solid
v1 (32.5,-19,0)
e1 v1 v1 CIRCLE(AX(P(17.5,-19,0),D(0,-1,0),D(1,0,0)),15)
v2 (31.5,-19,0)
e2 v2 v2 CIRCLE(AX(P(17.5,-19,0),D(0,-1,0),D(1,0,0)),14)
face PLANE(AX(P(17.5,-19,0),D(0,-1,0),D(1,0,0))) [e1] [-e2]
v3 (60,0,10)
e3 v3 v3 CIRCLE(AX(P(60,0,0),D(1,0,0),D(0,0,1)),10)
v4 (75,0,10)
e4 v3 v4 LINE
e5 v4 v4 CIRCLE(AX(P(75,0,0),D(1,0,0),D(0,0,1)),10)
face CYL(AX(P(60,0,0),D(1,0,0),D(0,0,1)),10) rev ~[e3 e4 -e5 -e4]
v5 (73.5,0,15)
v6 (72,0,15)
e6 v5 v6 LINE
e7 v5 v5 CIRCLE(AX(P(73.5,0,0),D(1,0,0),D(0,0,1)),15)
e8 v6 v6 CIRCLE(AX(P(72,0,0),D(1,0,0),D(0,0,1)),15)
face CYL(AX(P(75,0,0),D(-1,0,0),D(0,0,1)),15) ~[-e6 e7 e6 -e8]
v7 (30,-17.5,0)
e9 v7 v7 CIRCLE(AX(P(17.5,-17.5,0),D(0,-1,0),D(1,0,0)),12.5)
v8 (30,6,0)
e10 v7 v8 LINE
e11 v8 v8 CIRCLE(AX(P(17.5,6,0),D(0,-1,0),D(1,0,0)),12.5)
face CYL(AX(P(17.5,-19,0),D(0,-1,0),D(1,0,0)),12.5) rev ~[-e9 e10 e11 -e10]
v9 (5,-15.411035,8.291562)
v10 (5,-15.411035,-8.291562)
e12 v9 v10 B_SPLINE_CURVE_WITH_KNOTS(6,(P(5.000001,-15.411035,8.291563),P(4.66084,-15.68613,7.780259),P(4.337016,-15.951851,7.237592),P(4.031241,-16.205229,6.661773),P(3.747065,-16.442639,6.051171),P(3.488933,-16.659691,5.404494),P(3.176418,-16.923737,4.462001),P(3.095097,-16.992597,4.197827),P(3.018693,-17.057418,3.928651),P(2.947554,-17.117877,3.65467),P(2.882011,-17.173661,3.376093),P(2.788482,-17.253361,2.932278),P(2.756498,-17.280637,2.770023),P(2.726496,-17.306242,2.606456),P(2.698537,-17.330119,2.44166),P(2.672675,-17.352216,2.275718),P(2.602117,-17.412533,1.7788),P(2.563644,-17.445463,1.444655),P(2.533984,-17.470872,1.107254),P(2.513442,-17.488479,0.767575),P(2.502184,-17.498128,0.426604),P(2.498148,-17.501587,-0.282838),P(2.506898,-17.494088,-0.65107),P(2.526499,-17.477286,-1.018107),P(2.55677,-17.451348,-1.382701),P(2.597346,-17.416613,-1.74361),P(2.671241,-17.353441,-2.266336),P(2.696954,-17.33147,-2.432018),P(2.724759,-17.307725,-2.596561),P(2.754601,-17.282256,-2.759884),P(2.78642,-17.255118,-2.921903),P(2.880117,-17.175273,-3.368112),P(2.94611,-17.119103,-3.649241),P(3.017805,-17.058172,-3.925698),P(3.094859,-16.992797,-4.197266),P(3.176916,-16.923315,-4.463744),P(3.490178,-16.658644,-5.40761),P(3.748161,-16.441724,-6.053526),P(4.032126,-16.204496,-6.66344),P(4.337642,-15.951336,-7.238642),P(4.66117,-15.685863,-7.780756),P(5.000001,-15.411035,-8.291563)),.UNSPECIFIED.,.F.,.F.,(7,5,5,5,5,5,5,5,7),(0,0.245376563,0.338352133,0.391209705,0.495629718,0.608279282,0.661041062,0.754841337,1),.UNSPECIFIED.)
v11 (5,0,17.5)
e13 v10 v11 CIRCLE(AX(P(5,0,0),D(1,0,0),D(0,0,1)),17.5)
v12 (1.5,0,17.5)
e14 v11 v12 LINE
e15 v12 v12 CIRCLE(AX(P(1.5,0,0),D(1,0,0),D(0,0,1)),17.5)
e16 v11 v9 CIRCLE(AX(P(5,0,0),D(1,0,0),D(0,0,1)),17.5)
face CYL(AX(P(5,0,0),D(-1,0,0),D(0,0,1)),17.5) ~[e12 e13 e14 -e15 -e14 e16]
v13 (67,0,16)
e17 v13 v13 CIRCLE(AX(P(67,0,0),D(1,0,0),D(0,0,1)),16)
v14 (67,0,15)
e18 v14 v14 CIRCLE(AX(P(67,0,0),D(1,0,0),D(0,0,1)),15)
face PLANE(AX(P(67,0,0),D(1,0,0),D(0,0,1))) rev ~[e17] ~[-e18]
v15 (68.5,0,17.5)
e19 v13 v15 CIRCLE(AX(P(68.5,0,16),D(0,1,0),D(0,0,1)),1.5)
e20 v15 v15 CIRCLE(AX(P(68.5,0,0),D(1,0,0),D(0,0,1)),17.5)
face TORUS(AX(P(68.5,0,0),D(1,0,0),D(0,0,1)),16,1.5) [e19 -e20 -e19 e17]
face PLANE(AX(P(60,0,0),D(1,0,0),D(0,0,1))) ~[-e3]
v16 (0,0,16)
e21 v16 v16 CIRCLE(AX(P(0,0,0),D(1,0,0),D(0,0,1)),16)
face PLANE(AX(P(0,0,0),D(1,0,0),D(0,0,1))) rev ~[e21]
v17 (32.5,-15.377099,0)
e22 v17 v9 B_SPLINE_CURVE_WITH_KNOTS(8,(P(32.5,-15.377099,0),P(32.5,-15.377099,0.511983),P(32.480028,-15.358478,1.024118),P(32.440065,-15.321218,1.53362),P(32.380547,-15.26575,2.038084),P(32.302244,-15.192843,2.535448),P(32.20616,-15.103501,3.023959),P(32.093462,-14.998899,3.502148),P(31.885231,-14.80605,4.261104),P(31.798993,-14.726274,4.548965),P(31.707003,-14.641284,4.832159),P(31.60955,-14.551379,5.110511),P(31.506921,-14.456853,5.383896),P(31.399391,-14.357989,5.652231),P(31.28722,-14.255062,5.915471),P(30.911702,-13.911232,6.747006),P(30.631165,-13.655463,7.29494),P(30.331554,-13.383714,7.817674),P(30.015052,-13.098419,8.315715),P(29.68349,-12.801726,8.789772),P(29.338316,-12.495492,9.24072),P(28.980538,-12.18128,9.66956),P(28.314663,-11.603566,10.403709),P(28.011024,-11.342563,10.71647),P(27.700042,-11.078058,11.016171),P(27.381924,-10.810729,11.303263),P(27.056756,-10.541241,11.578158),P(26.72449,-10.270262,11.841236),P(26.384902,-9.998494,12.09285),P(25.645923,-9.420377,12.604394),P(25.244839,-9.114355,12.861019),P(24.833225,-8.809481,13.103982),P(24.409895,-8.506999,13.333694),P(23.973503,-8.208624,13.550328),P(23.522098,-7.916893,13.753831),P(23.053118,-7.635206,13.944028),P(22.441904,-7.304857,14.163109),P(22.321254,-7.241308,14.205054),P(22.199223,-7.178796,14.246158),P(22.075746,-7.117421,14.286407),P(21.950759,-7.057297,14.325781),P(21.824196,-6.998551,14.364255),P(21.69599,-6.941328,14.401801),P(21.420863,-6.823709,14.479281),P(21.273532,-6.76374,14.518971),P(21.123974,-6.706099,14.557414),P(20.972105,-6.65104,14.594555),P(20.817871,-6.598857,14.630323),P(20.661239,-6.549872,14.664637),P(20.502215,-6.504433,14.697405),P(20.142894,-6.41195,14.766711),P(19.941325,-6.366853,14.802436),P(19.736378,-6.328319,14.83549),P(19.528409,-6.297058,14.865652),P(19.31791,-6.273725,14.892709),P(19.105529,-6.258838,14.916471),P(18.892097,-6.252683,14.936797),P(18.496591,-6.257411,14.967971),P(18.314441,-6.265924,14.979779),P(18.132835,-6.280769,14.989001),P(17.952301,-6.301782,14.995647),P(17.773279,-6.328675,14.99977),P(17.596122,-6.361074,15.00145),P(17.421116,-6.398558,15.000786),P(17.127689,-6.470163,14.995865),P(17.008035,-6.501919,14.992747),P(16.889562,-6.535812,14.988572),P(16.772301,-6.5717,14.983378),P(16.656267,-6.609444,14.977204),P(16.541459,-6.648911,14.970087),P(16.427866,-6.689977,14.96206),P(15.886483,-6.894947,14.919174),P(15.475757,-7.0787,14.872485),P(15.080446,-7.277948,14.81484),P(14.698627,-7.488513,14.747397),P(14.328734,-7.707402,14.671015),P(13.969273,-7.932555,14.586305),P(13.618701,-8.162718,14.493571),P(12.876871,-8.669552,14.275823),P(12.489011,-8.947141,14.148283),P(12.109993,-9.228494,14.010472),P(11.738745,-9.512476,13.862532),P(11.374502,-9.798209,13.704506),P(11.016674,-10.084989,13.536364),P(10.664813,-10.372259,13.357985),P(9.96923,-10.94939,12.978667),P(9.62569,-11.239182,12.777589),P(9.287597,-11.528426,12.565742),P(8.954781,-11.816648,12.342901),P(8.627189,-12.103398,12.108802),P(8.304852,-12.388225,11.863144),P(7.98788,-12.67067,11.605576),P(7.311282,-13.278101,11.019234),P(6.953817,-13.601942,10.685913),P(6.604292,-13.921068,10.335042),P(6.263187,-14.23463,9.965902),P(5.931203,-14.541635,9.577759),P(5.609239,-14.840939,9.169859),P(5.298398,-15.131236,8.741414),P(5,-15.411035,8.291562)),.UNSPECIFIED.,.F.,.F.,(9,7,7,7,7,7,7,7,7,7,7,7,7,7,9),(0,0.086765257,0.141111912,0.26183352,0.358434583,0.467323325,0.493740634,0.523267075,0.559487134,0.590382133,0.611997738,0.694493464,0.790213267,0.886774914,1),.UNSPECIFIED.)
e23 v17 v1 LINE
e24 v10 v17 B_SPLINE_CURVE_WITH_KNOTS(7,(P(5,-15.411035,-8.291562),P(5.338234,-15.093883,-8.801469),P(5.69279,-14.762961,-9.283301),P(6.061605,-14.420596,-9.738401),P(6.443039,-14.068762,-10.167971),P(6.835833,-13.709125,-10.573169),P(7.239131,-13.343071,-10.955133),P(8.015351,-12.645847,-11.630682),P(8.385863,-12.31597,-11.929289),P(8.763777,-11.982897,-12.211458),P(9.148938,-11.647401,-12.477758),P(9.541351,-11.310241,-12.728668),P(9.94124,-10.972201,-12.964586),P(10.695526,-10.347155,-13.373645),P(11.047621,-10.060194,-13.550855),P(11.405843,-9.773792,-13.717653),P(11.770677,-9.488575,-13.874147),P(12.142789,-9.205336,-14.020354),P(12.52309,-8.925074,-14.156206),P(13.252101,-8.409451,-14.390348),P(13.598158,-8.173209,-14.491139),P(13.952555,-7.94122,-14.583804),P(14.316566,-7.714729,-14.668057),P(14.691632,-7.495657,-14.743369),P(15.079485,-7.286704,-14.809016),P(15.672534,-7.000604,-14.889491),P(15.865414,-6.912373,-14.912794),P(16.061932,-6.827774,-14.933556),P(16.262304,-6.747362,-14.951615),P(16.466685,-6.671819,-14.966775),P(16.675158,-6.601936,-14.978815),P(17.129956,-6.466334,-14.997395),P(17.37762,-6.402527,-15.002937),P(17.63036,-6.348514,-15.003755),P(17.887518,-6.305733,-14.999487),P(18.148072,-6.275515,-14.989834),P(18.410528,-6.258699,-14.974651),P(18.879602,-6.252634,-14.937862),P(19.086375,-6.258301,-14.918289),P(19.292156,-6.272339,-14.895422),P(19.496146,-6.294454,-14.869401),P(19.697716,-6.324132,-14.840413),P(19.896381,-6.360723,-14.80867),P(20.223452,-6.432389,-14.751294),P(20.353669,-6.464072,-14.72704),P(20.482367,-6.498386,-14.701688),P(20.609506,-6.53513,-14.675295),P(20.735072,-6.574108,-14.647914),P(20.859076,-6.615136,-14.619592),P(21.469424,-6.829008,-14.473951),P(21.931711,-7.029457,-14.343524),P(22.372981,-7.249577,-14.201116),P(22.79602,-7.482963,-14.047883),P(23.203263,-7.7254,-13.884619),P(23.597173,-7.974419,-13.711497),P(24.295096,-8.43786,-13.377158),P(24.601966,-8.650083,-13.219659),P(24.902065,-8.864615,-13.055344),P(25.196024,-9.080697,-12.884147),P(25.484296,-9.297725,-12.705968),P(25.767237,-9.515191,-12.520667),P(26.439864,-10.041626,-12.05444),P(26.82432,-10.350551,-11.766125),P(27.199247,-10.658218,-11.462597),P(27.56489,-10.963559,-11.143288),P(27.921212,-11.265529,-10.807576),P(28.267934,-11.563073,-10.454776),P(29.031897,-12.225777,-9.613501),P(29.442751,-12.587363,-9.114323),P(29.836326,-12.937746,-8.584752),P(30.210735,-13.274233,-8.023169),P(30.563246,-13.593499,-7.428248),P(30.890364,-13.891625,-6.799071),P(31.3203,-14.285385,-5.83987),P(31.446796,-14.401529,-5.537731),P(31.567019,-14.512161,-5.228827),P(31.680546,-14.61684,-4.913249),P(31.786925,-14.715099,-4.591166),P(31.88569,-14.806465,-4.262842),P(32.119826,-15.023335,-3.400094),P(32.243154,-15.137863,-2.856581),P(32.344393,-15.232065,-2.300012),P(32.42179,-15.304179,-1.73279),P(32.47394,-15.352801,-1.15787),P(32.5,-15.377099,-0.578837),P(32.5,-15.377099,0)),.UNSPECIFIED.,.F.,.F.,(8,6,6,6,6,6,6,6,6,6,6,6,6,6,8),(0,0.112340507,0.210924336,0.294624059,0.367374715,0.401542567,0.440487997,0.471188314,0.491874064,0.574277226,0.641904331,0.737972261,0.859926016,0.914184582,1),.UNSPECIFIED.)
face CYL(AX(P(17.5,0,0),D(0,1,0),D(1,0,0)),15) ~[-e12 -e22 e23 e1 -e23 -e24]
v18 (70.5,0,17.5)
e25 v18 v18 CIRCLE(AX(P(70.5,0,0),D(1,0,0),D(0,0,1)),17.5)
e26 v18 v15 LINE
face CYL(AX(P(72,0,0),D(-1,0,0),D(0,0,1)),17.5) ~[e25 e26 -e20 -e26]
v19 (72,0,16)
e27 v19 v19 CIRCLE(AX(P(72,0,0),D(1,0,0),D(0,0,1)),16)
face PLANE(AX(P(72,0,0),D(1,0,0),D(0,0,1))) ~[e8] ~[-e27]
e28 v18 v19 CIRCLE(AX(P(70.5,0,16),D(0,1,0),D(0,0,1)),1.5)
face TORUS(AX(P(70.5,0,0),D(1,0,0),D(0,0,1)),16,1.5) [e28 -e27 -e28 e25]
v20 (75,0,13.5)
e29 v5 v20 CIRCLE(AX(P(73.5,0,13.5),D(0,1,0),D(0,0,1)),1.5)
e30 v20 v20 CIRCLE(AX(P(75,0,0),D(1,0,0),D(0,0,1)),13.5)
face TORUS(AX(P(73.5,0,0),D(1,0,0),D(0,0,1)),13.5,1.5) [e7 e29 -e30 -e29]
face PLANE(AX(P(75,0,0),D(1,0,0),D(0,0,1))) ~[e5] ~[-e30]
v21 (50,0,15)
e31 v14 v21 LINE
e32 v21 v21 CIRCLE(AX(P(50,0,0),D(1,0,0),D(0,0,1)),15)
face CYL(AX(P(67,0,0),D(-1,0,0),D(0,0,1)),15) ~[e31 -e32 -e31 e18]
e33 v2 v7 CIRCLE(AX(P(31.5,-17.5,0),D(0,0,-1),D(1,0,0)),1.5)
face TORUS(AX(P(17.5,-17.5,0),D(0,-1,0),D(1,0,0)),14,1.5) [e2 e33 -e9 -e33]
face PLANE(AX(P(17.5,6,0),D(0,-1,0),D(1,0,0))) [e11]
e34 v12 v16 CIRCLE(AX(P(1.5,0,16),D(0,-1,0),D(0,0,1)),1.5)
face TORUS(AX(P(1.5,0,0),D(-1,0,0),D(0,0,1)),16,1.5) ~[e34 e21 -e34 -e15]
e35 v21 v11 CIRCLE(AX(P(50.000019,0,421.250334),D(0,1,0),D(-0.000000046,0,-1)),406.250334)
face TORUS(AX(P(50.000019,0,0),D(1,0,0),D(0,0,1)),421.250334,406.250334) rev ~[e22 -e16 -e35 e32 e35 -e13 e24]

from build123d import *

# Parameters (mm, degrees)
F2_R     = 15
F3_DEPTH = 19
F4_R     = 12.5
F5_DEPTH = 25
F6_R     = 1.5


with BuildPart() as f1:
    # F0 (on Front) → F1 (revolve)
    with BuildSketch(Plane.XZ):
        with BuildLine():
            Line((0, 17.5), (0, 0))
            Line((0, 0), (60, 0))
            Line((60, 0), (60, 10))
            Line((60, 10), (75, 10))
            Line((75, 10), (75, 15))
            Line((75, 15), (72, 15))
            Line((72, 15), (72, 17.5))
            Line((72, 17.5), (67, 17.5))
            Line((67, 17.5), (67, 15))
            Line((67, 15), (50, 15))
            ThreePointArc((50, 15), (27.465305, 15.625482), (5, 17.5))
            Line((5, 17.5), (0, 17.5))
        make_face()
    revolve(axis=Axis((30, 0, 0), (1, 0, 0)))

    # F2 (on Front) → F3 (join)
    with BuildSketch(Plane.XZ):
        with Locations((17.5, 0)):
            Circle(F2_R)
    extrude(amount=F3_DEPTH)

    # F4 (on face) → F5 (cut)
    with BuildSketch(Plane.XZ.offset(19)):
        with Locations((17.5, 0)):
            Circle(F4_R)
    extrude(amount=-F5_DEPTH, mode=Mode.SUBTRACT)

    # F6
    f6_edges = [f1.edges().sort_by_distance(p)[0] for p in [
        (0, 0, -17.5),
        (5, -19, 0),
        (75, 0, -15),
        (72, 0, -17.5),
        (67, 0, -17.5),
    ]]
    fillet(f6_edges, radius=F6_R)


solid = f1.part
